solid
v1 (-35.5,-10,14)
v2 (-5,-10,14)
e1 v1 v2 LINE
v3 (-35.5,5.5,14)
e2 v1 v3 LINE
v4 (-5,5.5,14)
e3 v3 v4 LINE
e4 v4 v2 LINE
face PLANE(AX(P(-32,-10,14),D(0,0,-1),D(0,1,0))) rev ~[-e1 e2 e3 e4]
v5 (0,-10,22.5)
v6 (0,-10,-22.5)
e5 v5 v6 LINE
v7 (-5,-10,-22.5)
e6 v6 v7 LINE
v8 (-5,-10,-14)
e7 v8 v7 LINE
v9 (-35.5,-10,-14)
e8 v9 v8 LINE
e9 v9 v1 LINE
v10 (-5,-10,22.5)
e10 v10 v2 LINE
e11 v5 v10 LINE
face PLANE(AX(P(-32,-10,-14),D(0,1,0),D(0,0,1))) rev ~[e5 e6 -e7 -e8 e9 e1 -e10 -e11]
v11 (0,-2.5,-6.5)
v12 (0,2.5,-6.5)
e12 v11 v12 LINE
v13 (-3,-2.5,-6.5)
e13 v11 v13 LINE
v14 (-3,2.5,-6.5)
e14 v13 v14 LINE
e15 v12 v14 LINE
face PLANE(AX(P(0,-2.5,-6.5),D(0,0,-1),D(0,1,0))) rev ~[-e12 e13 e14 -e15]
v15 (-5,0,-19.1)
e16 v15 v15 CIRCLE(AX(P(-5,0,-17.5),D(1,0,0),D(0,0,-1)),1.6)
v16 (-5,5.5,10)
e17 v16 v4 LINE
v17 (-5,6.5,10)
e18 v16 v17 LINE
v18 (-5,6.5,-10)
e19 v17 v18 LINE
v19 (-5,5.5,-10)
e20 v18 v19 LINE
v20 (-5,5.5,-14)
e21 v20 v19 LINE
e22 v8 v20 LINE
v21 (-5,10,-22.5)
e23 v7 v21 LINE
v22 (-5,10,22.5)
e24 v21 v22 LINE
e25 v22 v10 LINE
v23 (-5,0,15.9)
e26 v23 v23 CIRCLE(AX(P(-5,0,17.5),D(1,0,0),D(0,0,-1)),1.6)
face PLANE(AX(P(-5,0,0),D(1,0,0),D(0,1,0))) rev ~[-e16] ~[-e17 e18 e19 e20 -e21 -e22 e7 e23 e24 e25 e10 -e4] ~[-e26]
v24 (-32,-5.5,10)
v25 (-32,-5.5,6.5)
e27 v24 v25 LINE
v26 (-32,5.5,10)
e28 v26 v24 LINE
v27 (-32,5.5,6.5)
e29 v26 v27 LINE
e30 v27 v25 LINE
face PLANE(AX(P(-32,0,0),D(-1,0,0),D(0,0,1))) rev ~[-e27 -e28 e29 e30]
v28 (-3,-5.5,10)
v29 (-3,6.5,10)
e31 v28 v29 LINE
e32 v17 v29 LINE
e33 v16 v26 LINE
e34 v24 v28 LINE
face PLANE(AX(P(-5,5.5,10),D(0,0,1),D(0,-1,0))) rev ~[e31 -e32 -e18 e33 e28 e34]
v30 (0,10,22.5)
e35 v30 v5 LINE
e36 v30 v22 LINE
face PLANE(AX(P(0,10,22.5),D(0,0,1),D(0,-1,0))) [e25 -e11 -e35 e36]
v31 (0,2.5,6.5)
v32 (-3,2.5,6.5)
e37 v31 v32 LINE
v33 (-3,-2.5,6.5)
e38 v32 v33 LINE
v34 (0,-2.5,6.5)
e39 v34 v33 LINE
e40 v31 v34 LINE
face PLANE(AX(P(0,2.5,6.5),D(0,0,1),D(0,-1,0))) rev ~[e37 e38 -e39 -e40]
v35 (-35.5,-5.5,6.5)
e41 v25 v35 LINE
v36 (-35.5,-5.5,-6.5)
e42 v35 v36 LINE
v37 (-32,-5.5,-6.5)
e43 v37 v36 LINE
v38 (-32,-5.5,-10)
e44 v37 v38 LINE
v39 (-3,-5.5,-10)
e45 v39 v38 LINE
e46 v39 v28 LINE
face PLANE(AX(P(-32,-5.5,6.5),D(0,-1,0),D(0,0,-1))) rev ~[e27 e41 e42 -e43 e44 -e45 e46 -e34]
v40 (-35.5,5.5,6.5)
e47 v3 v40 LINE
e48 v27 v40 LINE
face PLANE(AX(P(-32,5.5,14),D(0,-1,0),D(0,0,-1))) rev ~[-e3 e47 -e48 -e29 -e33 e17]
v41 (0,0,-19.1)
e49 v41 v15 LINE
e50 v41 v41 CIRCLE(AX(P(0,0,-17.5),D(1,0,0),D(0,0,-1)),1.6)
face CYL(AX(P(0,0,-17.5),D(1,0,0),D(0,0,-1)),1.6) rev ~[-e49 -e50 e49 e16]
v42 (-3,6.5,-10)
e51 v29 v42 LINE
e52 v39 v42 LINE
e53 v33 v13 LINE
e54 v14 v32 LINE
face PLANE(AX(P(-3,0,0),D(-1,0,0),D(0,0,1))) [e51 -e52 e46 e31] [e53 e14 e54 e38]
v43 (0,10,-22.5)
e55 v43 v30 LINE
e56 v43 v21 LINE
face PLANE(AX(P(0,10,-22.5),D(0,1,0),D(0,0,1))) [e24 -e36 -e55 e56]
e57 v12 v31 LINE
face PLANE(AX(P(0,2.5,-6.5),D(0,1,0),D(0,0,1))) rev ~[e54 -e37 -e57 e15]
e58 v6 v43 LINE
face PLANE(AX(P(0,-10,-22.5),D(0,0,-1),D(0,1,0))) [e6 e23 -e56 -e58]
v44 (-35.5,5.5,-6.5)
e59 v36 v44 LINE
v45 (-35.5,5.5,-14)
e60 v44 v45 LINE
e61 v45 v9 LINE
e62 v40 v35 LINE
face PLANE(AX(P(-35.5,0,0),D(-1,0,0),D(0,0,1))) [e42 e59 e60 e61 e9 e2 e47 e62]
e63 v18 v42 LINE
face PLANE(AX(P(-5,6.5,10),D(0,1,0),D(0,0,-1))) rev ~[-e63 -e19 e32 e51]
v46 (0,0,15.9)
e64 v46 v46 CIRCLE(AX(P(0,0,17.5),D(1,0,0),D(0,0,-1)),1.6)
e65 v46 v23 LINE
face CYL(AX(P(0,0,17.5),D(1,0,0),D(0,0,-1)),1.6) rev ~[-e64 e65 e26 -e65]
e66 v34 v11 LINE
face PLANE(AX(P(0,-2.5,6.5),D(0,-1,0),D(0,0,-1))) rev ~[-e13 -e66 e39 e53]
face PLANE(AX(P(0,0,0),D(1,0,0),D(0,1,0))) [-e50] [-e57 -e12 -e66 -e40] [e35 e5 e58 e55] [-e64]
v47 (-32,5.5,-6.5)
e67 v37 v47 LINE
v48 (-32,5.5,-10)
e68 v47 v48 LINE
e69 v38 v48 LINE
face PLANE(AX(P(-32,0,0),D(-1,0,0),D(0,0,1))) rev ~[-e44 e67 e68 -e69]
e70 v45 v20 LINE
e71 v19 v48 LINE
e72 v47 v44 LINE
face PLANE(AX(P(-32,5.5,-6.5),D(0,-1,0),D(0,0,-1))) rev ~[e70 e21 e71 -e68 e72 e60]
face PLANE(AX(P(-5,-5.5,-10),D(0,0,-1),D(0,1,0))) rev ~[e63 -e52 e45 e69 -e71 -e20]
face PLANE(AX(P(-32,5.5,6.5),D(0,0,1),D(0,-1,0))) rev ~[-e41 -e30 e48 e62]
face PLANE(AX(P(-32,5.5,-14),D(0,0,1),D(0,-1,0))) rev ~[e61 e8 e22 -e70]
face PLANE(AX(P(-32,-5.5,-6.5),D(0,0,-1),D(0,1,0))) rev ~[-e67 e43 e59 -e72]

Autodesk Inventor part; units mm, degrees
ref_plane "YZ Plane" through (0, 0, 0) normal (1, 0, 0) x (0, 1, 0)
ref_plane "XZ Plane" through (0, 0, 0) normal (0, 1, 0) x (-1, 0, 0)
ref_plane "XY Plane" through (0, 0, 0) normal (0, 0, 1) x (1, 0, 0)
sketch "Sketch1" plane through (0, 0, 0) normal (1, 0, 0) x (0, 1, 0)
  line L0 (-2.5, -6.5) -> (2.5, -6.5)
  line L1 (2.5, -6.5) -> (2.5, 6.5)
  line L2 (2.5, 6.5) -> (-2.5, 6.5)
  line L3 (-2.5, 6.5) -> (-2.5, -6.5)
  line L4 (-2.5, -6.5) -> (2.5, 6.5) construction
  line L5 (2.5, -6.5) -> (-2.5, 6.5) construction
  line L6 (-10, -22.5) -> (10, -22.5)
  line L7 (10, -22.5) -> (10, 22.5)
  line L8 (10, 22.5) -> (-10, 22.5)
  line L9 (-10, 22.5) -> (-10, -22.5)
  line L10 (-10, -22.5) -> (10, 22.5) construction
  line L11 (10, -22.5) -> (-10, 22.5) construction
  circle A0 centre (2.5, 17.5) radius 1.6
  circle A1 centre (0, -17.5) radius 1.6
  point P0 (0, 0)
  dimension "d0" = 5
  dimension "d1" = 13
  dimension "d2" = 20
  dimension "d3" = 45
  dimension "d17" = 5
  dimension "d18" = 3.2
  dimension "d19" = 3.2
  dimension "d20" = 5
extrude "Extrusion1" add sketch "Sketch1" against normal blind 5 contours L9 L8 L7 L6 | A0 | A1
sketch "Sketch2" plane through (-5, 0, 0) normal (-1, 0, 0) x (0, 0, 1)
  line L0 (10, -5.5) -> (-10, -5.5)
  line L1 (-10, -5.5) -> (-10, 5.5)
  line L2 (-10, 5.5) -> (10, 5.5)
  line L3 (10, 5.5) -> (10, -5.5)
  line L4 (10, -5.5) -> (-10, 5.5) construction
  line L5 (-10, -5.5) -> (10, 5.5) construction
  line L6 (22.5, 10) -> (-22.5, 10) projected
  line L7 (-14, -10) -> (-14, 5.5)
  line L8 (14, 5.5) -> (14, -10)
  line L9 (12.0522, -8.6087) -> (-14, 10) construction
  line L10 (-12.0522, -8.6087) -> (14, 10) construction
  line L11 (-14, -10) -> (14, -10)
  line L12 (-14, 5.5) -> (14, 5.5)
  point P0 (0, 0)
  dimension "d6" = 20
  dimension "d7" = 11
  dimension "d27" = 4.5
  dimension "d32" = 14
  dimension "d33" = 14
extrude "Extrusion2" add sketch "Sketch2" along normal blind 27 contours L3 L12 L8 L11 L7 L1 L0
sketch "Sketch3" plane through (0, -10, -22.5) normal (0, -1, 0) x (1, 0, 0)
  point P0 (0, 22.5)
sketch "Sketch4" plane through (-32, 0, 0) normal (-1, 0, 0) x (0, 0, 1)
  line L0 (6.5, -5.5) -> (-6.5, -5.5)
  line L1 (-6.5, -5.5) -> (-6.5, 5.5)
  line L2 (-6.5, 5.5) -> (6.5, 5.5)
  line L3 (6.5, 5.5) -> (6.5, -5.5)
  line L4 (6.5, -5.5) -> (-6.5, 5.5) construction
  line L5 (-6.5, -5.5) -> (6.5, 5.5) construction
  line L6 (12.0522, -8.6087) -> (-14, 10) construction
  line L7 (-12.5, -10) -> (12.5, 10) construction
  line L8 (14, -10) -> (14, 5.5) projected
  line L9 (-14, -10) -> (14, -10)
  line L10 (14, -10) -> (14, 5.5)
  line L11 (14, 5.5) -> (-14, 5.5)
  line L12 (-14, 5.5) -> (-14, -10)
  point P0 (0, 0)
  point P1 (14, 10)
  dimension "d11" = 13
  dimension "d12" = 11
sketch "Sketch6" plane through (0, 0, 0) normal (1, 0, 0) x (0, 0, -1)
  circle A0 centre (17.5, 0) radius 1.6
  circle A1 centre (-17.5, 0) radius 1.6
  line L0 (22.5, -10) -> (22.5, 10) projected
  line L1 (-22.5, 10) -> (-22.5, -10) projected
  line L2 (22.5, -10) -> (14, -10) projected
  point P0 (0, 0)
  dimension "d21" = 3.2
  dimension "d22" = 3.2
  dimension "d23" = 5
  dimension "d24" = 5
  dimension "d41" = 10
extrude "Extrusion5" cut sketch "Sketch6" against normal blind 5
extrude "Extrusion8" add sketch "Sketch4" along normal blind 3.5 contours L3 L11 L8 L9 L12 L1 L0
sketch "Sketch8" plane through (-5, 0, 0) normal (-1, 0, 0) x (0, 0, 1)
  line L0 (-10, 5.5) -> (-10, -5.5) projected
  line L1 (-10, -5.5) -> (10, -5.5)
  line L2 (10, -5.5) -> (10, 6.5)
  line L3 (10, 6.5) -> (-10, 6.5)
  line L4 (-10, 6.5) -> (-10, -5.5)
  point P0 (0, 0)
  dimension "d36" = 12
extrude "Extrusion10" cut sketch "Sketch8" against normal blind 2
equation "\"BendRadius\" = Thickness"
equation "\"BendReliefWidth\" = Thickness"
equation "\"BendReliefDepth\" = 0.5 * Thickness"
equation "\"CornerReliefSize\" = 4 * Thickness"
equation "\"MinimumRemnant\" = 2 * Thickness"
equation "\"TransitionRadius\" = BendRadius"
equation "\"JacobiRadiusSize\" = Thickness"
equation "\"GapSize\" = Thickness"
equation "\"Thickness\" = 0.5"
properties part number "USB_housing"
